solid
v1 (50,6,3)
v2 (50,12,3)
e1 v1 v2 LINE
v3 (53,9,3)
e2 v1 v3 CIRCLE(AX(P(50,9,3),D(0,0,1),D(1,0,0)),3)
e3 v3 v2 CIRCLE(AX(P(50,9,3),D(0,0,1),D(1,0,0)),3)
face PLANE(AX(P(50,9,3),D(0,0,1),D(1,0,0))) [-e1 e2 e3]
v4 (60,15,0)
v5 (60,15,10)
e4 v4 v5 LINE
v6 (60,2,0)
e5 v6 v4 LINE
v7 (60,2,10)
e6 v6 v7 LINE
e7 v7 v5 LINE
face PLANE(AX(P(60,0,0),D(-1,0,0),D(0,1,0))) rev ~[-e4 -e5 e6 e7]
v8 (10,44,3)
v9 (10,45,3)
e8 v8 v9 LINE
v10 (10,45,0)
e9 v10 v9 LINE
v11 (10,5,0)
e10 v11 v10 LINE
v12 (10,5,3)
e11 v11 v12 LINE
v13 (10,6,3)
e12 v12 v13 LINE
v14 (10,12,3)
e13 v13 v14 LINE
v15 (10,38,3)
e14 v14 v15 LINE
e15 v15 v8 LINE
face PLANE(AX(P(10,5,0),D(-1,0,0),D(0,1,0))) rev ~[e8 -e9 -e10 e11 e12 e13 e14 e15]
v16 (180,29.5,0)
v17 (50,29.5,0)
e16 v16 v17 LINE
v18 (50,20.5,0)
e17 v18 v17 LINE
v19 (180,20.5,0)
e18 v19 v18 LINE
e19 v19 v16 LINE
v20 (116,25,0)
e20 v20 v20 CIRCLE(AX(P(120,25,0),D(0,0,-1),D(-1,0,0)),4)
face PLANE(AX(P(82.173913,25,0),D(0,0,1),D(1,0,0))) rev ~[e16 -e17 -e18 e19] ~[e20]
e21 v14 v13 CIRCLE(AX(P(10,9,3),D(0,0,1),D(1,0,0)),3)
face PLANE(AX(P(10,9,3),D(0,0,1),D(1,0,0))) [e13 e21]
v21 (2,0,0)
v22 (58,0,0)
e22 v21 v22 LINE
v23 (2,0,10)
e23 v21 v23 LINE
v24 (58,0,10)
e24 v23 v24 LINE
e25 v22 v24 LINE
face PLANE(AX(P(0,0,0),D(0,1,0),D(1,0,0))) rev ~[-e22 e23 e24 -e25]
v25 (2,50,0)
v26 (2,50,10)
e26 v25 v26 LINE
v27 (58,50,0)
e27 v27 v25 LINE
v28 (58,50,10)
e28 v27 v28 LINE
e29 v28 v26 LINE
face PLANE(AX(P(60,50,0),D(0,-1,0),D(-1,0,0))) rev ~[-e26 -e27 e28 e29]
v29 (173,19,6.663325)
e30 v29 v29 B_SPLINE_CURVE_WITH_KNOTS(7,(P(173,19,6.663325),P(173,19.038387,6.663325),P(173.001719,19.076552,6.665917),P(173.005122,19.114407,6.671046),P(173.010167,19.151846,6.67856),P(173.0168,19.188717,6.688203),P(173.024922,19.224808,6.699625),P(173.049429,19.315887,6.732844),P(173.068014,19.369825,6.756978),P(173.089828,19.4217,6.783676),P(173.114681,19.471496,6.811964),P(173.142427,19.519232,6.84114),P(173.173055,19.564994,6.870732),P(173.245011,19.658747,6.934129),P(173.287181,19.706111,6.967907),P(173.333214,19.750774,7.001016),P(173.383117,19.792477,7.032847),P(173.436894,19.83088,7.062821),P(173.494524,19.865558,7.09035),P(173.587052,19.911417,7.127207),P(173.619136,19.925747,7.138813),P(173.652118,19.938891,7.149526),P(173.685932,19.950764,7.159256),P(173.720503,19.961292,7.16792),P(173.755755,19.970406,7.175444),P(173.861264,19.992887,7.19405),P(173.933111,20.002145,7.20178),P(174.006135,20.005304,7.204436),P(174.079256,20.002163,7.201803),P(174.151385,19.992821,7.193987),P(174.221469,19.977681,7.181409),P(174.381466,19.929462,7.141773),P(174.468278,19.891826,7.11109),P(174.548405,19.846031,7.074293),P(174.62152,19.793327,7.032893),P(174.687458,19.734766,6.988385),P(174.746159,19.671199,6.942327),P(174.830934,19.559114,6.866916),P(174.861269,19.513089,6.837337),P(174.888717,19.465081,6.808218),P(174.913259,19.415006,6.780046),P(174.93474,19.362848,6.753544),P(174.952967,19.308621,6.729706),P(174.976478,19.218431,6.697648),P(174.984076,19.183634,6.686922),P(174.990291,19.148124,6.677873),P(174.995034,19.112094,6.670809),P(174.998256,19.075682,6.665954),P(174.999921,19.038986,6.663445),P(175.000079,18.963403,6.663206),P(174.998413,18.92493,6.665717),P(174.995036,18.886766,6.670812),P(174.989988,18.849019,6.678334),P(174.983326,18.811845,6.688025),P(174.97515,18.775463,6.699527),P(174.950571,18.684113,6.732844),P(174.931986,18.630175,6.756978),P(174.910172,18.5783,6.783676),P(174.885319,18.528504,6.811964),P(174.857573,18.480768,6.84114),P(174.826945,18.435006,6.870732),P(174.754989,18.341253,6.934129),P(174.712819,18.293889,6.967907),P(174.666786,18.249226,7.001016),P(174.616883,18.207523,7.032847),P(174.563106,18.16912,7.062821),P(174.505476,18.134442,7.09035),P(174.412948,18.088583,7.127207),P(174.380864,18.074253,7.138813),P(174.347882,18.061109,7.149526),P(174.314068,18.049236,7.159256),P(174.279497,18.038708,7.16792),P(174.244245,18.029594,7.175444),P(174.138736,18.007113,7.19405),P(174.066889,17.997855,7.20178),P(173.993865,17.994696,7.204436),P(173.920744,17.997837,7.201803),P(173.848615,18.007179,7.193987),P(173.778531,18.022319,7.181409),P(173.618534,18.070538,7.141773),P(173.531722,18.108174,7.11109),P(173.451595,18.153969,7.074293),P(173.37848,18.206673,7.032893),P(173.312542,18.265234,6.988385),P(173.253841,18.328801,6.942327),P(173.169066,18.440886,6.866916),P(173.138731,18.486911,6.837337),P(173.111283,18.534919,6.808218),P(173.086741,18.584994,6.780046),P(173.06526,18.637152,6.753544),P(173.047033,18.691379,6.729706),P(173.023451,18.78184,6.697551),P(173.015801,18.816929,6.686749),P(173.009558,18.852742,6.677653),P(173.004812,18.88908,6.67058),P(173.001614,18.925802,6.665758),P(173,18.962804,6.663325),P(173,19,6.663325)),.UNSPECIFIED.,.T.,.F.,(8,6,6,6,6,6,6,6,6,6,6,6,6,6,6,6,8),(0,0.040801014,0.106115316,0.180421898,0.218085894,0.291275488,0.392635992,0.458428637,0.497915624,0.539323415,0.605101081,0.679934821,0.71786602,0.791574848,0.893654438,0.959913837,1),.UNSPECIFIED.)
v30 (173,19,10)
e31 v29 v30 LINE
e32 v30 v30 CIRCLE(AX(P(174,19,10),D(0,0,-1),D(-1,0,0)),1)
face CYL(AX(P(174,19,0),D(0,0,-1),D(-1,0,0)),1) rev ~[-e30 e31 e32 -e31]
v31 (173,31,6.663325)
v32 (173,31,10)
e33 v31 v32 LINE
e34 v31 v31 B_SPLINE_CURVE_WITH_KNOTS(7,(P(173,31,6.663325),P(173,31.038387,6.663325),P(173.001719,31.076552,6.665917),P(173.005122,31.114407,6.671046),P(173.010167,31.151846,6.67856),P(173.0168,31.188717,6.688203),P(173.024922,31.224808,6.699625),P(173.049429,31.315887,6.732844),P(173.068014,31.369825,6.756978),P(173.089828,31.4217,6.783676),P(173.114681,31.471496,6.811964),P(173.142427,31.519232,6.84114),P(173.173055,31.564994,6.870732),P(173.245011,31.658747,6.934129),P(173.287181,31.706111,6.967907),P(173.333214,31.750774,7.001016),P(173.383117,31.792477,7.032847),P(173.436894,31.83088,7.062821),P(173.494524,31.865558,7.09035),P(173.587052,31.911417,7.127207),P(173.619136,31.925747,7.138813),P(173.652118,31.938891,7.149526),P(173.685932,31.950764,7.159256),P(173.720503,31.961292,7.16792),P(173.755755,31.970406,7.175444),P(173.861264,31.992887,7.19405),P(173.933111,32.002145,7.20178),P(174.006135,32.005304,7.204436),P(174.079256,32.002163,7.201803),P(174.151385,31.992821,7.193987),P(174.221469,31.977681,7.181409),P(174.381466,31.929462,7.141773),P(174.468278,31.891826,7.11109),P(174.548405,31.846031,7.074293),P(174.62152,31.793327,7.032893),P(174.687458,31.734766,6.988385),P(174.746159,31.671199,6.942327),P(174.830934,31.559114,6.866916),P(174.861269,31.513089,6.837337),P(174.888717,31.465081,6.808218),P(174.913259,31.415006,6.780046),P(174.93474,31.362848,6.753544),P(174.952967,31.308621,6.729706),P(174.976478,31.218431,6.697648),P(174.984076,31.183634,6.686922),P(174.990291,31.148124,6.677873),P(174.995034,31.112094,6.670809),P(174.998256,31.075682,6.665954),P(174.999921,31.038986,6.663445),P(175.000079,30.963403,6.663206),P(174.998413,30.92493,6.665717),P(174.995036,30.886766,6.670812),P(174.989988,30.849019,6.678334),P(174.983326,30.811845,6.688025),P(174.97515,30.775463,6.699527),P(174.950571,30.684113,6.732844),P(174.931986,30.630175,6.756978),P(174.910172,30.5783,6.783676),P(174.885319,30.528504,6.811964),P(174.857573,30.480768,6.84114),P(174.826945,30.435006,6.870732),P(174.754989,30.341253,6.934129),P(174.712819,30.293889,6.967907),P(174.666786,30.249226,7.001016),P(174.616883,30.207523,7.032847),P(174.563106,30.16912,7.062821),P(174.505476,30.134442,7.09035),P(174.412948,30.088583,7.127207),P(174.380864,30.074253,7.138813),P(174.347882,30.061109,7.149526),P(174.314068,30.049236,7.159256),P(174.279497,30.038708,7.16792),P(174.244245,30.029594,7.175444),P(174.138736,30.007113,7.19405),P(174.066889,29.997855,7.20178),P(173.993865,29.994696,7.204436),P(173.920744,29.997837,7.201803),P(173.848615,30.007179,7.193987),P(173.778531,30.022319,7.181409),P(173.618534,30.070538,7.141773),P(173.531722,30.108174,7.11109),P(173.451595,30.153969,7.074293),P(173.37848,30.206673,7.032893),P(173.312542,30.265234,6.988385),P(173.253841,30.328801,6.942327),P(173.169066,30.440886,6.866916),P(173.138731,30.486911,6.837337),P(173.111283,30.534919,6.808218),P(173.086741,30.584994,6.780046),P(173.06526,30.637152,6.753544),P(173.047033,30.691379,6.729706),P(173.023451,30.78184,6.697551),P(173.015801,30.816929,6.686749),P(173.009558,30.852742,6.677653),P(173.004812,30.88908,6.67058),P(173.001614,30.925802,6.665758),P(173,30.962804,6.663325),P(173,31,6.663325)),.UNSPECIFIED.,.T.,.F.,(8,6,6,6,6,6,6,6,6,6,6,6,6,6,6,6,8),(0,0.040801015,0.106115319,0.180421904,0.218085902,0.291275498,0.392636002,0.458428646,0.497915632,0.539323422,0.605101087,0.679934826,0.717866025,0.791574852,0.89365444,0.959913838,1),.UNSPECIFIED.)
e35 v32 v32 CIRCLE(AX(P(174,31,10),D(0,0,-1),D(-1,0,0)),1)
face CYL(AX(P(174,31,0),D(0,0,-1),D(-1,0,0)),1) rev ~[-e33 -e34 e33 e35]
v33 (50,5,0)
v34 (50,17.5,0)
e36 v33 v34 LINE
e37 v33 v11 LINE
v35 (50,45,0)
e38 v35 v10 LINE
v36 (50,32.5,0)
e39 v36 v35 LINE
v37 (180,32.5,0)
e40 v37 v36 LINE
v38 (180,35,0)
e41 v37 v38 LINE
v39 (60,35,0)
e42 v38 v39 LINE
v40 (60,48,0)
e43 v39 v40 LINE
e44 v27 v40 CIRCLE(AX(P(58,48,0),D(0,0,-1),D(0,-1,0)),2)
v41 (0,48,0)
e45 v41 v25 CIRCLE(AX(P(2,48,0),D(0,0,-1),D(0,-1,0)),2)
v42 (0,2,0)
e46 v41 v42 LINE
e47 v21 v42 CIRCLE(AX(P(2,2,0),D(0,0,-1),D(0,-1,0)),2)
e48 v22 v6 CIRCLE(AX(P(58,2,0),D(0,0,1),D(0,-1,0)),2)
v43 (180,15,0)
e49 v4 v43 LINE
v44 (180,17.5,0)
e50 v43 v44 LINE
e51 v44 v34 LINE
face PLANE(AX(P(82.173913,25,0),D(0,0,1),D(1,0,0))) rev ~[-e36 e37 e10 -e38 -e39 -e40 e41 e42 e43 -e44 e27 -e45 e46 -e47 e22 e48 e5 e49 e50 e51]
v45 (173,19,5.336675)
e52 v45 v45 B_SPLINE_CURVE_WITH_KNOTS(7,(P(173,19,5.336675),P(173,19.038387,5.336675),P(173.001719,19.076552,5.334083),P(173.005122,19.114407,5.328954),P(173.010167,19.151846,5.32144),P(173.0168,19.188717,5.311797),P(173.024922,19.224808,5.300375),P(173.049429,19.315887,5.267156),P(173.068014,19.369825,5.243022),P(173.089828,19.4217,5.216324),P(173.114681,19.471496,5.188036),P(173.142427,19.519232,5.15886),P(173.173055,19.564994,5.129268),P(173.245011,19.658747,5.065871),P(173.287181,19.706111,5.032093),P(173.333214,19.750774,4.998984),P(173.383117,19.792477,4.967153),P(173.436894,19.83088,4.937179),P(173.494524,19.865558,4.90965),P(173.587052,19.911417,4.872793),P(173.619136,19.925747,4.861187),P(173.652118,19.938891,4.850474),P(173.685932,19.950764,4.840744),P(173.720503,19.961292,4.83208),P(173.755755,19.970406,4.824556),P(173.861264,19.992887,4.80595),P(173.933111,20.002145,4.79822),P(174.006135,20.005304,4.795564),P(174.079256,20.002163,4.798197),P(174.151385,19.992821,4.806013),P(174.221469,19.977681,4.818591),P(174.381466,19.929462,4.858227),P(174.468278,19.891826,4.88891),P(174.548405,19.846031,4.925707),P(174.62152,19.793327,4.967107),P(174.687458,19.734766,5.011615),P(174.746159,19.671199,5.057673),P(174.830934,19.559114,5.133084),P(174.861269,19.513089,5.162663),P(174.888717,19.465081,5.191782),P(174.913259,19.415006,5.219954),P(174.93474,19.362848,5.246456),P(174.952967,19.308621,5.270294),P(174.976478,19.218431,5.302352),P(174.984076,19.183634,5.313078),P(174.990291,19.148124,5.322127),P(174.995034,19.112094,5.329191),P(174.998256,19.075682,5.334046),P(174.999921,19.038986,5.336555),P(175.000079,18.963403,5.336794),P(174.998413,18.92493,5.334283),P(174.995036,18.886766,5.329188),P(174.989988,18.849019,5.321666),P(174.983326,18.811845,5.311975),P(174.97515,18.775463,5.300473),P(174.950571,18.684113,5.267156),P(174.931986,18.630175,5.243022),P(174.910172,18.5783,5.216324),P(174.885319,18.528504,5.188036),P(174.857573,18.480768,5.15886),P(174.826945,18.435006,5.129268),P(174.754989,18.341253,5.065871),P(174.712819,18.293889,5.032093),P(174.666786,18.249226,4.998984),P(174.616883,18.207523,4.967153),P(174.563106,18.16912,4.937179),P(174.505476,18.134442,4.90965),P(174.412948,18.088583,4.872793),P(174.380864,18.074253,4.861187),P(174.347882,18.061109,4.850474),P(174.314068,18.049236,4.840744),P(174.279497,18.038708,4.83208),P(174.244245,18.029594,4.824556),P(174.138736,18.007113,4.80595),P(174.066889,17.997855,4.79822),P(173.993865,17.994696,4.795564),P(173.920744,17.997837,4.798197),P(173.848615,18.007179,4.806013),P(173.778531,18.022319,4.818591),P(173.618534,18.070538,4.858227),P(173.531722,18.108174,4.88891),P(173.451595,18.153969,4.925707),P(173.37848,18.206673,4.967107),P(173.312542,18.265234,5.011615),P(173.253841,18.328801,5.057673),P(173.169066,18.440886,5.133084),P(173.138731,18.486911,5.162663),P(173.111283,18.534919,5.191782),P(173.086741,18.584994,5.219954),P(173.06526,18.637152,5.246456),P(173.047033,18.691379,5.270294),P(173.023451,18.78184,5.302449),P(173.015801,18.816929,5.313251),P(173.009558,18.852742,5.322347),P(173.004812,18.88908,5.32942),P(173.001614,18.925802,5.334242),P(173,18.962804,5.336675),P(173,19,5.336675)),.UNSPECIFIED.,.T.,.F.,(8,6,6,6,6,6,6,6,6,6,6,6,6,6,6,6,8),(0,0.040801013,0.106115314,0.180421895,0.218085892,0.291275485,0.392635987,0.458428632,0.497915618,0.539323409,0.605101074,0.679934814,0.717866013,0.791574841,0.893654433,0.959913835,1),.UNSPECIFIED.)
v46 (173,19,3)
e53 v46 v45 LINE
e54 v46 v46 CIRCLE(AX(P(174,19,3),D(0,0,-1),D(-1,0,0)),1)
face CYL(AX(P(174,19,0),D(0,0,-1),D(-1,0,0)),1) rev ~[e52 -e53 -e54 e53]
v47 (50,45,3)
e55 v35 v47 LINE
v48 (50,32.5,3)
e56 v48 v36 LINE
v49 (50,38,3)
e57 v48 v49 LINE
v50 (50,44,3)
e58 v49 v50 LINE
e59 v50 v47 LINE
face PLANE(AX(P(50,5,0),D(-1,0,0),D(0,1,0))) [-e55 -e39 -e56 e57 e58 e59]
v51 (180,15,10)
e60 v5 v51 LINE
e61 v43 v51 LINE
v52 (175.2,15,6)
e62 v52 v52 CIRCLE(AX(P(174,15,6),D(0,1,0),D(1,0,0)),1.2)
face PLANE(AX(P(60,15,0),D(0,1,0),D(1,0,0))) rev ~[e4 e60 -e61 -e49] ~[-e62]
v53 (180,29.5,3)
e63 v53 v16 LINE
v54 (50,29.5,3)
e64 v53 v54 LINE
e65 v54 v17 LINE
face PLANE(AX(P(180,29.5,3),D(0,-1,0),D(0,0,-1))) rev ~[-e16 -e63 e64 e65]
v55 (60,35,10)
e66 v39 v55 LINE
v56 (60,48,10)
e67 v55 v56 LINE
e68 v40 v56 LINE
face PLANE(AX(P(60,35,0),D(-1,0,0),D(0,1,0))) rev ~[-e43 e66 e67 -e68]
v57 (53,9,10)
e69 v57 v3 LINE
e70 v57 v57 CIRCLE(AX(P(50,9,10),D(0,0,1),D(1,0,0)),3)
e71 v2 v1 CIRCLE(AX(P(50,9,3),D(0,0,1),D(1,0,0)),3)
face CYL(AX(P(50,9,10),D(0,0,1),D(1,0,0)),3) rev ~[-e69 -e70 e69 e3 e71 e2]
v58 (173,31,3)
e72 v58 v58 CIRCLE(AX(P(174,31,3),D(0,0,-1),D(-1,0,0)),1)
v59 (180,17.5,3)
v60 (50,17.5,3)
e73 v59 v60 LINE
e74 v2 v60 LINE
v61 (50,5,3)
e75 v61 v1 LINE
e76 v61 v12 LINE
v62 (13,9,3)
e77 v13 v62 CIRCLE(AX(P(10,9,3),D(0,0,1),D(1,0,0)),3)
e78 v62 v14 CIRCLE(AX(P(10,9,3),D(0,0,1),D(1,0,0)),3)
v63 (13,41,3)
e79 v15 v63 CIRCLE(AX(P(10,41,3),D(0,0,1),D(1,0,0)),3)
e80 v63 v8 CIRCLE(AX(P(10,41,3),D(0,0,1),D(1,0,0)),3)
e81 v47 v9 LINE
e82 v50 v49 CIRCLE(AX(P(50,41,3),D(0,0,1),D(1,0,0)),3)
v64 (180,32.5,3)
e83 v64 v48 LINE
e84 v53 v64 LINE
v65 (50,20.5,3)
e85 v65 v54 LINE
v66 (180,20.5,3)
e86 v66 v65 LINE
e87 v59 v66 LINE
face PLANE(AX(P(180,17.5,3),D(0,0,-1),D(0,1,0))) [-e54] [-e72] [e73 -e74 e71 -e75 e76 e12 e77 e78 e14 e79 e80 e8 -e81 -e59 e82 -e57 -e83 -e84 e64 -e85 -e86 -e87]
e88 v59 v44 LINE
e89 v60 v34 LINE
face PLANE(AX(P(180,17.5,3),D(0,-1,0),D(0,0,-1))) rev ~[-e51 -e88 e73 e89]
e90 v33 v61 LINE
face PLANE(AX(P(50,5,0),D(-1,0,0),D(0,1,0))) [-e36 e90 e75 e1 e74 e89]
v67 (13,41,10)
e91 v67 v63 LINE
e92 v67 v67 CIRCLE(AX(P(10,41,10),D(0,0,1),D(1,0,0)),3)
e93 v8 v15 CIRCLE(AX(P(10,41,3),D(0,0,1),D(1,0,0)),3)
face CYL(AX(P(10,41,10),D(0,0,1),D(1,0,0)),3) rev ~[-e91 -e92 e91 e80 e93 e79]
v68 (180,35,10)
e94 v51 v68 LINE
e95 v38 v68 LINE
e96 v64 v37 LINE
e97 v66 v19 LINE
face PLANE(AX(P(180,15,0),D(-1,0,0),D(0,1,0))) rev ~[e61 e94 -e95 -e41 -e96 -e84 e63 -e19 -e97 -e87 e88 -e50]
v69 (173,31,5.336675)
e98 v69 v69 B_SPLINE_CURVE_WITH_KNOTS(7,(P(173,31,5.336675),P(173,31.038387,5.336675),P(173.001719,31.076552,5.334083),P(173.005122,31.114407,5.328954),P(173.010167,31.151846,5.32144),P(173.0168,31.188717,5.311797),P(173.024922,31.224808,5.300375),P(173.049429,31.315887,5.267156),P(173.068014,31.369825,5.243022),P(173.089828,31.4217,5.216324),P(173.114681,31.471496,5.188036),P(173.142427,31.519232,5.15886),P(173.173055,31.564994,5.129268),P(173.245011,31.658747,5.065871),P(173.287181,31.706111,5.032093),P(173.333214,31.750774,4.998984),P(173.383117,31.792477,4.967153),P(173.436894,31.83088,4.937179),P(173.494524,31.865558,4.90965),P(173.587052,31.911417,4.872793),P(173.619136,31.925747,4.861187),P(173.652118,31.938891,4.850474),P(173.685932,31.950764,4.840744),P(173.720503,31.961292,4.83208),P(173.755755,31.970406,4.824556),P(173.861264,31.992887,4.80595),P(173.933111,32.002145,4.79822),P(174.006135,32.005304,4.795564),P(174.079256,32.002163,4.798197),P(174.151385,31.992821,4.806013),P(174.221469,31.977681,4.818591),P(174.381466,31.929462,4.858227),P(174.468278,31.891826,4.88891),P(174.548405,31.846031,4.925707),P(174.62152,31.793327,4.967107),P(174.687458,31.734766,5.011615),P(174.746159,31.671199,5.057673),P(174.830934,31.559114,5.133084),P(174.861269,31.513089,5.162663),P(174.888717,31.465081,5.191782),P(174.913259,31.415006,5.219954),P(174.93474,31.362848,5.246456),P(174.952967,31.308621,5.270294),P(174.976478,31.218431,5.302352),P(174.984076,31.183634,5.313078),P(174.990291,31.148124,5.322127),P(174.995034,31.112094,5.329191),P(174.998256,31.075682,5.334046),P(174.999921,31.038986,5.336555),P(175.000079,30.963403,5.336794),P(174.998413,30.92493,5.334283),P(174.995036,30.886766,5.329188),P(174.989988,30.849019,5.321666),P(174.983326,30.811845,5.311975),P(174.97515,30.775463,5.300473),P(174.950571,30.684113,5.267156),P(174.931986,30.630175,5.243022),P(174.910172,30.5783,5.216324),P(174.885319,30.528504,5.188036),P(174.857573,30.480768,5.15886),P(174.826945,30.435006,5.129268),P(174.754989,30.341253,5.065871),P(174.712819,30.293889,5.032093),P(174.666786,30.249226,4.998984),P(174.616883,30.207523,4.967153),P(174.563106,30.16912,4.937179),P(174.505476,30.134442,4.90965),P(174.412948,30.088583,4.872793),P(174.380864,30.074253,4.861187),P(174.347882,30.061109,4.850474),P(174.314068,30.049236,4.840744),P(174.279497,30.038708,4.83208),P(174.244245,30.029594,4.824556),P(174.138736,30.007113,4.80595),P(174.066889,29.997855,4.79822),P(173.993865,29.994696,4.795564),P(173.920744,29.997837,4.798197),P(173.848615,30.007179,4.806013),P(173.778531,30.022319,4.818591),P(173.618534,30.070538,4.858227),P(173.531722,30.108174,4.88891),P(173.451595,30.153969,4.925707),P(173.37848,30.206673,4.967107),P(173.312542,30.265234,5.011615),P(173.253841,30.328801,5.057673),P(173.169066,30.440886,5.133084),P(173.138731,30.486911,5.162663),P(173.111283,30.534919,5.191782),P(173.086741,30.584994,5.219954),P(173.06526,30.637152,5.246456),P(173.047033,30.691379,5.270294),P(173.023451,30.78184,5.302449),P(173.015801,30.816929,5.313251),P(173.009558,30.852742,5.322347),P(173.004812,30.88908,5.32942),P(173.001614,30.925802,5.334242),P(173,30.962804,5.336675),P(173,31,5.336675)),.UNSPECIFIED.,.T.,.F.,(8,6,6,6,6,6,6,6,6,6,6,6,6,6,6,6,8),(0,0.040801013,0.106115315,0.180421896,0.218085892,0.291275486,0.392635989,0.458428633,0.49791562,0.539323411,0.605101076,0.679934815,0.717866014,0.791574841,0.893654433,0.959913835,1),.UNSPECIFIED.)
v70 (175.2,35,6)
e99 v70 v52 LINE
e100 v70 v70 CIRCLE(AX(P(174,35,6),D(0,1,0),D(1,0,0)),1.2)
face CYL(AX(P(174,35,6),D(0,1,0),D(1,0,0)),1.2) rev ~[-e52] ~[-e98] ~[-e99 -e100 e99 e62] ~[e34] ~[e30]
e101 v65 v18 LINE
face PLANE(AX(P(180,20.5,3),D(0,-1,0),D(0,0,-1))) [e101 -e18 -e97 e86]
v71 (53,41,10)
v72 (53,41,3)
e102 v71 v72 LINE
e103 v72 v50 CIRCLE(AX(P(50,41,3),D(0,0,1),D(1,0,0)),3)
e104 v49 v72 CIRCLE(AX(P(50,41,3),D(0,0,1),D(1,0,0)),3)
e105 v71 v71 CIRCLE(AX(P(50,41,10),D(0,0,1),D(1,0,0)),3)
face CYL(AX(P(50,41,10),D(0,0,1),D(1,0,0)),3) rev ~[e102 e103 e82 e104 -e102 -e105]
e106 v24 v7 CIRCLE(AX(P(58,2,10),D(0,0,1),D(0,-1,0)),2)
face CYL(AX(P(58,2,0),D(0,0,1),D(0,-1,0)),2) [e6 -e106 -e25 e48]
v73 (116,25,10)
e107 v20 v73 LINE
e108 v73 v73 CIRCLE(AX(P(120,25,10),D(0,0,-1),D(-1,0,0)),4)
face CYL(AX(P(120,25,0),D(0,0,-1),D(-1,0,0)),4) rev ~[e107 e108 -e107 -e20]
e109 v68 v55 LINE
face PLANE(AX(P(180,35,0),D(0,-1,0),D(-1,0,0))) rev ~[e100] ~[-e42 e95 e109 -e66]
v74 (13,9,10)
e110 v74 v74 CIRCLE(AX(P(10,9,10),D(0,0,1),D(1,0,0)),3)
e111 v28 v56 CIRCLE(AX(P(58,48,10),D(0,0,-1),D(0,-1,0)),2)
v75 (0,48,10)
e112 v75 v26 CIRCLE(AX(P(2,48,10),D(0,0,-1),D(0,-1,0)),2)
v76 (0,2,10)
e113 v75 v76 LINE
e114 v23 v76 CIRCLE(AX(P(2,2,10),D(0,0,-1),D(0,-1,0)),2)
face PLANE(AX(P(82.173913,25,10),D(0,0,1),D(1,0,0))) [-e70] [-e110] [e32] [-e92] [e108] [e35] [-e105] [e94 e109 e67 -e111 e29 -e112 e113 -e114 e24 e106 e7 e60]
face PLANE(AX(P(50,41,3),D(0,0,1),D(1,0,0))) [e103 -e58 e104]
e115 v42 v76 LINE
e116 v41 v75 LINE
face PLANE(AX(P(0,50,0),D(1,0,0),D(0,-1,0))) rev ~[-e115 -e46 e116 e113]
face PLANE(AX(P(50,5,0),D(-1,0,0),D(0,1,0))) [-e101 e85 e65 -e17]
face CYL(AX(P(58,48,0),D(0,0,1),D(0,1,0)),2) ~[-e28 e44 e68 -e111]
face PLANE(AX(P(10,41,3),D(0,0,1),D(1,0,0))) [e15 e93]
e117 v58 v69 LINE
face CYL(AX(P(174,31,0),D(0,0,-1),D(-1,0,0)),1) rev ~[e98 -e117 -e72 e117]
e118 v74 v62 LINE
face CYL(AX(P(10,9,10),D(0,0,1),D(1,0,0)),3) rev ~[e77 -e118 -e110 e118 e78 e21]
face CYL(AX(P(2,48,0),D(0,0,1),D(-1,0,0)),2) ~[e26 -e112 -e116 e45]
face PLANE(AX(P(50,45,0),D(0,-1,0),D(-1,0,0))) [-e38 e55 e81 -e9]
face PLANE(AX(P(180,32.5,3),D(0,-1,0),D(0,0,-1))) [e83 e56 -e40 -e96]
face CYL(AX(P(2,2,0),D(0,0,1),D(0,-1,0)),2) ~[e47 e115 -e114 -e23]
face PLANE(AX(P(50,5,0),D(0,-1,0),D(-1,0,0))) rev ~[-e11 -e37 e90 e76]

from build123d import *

# Parameters (mm, degrees)
BOSS_EXTRUDE1_DEPTH = 10
SKETCH2_R           = 3
CUT_EXTRUDE1_DEPTH  = 7
SKETCH4_W           = 40
SKETCH4_H           = 40
CUT_EXTRUDE3_DEPTH  = 3
SKETCH5_R           = 1
SKETCH5_R_2         = 4
CUT_EXTRUDE4_DEPTH  = 11
SKETCH6_W           = 3
SKETCH6_H           = 3
CUT_EXTRUDE5_DEPTH  = 130
FILLET1_R           = 2
SKETCH7_R           = 1.2
CUT_EXTRUDE6_DEPTH  = 36


with BuildPart() as part:
    # Sketch1 → Boss-Extrude1 (new body)
    with BuildSketch(Plane.XY):
        Polygon((0, 0), (60, 0), (60, 15), (180, 15), (180, 35), (60, 35), (60, 50), (0, 50), align=None)
    extrude(amount=BOSS_EXTRUDE1_DEPTH)

    # Sketch2 → Cut-Extrude1 (cut)
    with BuildSketch(Plane.XY.offset(10)):
        with Locations((10, 9)):
            Circle(SKETCH2_R)
        with Locations((50, 9)):
            Circle(SKETCH2_R)
        with Locations((50, 41)):
            Circle(SKETCH2_R)
        with Locations((10, 41)):
            Circle(SKETCH2_R)
    extrude(amount=-CUT_EXTRUDE1_DEPTH, mode=Mode.SUBTRACT)

    # Sketch4 → Cut-Extrude3 (cut)
    with BuildSketch(Plane(origin=(0, 0, 0), x_dir=(-1, 0, 0), z_dir=(0, 0, -1))):
        with Locations((-30, 25)):
            Rectangle(SKETCH4_W, SKETCH4_H)
    extrude(amount=-CUT_EXTRUDE3_DEPTH, mode=Mode.SUBTRACT)

    # Sketch5 → Cut-Extrude4 (cut, through all)
    with BuildSketch(Plane(origin=(0, 0, 0), x_dir=(-1, 0, 0), z_dir=(0, 0, -1))):
        with Locations((-174, 31)):
            Circle(SKETCH5_R)
        with Locations((-174, 19)):
            Circle(SKETCH5_R)
        with Locations((-120, 25)):
            Circle(SKETCH5_R_2)
    extrude(amount=-CUT_EXTRUDE4_DEPTH, mode=Mode.SUBTRACT)

    # Sketch6 → Cut-Extrude5 (cut)
    with BuildSketch(Plane(origin=(180, 0, 0), x_dir=(0, 0, -1), z_dir=(1, 0, 0))):
        with Locations((-1.5, 31)):
            Rectangle(SKETCH6_W, SKETCH6_H)
        with Locations((-1.5, 19)):
            Rectangle(SKETCH6_W, SKETCH6_H)
    extrude(amount=-CUT_EXTRUDE5_DEPTH, mode=Mode.SUBTRACT)

    # Fillet1
    fillet1_edges = [part.edges().sort_by_distance(p)[0] for p in [
        (0, 50, 5),
        (60, 50, 5),
        (60, 0, 5),
        (0, 0, 5),
    ]]
    fillet(fillet1_edges, radius=FILLET1_R)

    # Sketch7 → Cut-Extrude6 (cut, through all)
    with BuildSketch(Plane(origin=(0, 35, 0), x_dir=(1, 0, 0), z_dir=(0, 1, 0))):
        with Locations((174, -6)):
            Circle(SKETCH7_R)
    extrude(amount=-CUT_EXTRUDE6_DEPTH, mode=Mode.SUBTRACT)


solid = part.part
